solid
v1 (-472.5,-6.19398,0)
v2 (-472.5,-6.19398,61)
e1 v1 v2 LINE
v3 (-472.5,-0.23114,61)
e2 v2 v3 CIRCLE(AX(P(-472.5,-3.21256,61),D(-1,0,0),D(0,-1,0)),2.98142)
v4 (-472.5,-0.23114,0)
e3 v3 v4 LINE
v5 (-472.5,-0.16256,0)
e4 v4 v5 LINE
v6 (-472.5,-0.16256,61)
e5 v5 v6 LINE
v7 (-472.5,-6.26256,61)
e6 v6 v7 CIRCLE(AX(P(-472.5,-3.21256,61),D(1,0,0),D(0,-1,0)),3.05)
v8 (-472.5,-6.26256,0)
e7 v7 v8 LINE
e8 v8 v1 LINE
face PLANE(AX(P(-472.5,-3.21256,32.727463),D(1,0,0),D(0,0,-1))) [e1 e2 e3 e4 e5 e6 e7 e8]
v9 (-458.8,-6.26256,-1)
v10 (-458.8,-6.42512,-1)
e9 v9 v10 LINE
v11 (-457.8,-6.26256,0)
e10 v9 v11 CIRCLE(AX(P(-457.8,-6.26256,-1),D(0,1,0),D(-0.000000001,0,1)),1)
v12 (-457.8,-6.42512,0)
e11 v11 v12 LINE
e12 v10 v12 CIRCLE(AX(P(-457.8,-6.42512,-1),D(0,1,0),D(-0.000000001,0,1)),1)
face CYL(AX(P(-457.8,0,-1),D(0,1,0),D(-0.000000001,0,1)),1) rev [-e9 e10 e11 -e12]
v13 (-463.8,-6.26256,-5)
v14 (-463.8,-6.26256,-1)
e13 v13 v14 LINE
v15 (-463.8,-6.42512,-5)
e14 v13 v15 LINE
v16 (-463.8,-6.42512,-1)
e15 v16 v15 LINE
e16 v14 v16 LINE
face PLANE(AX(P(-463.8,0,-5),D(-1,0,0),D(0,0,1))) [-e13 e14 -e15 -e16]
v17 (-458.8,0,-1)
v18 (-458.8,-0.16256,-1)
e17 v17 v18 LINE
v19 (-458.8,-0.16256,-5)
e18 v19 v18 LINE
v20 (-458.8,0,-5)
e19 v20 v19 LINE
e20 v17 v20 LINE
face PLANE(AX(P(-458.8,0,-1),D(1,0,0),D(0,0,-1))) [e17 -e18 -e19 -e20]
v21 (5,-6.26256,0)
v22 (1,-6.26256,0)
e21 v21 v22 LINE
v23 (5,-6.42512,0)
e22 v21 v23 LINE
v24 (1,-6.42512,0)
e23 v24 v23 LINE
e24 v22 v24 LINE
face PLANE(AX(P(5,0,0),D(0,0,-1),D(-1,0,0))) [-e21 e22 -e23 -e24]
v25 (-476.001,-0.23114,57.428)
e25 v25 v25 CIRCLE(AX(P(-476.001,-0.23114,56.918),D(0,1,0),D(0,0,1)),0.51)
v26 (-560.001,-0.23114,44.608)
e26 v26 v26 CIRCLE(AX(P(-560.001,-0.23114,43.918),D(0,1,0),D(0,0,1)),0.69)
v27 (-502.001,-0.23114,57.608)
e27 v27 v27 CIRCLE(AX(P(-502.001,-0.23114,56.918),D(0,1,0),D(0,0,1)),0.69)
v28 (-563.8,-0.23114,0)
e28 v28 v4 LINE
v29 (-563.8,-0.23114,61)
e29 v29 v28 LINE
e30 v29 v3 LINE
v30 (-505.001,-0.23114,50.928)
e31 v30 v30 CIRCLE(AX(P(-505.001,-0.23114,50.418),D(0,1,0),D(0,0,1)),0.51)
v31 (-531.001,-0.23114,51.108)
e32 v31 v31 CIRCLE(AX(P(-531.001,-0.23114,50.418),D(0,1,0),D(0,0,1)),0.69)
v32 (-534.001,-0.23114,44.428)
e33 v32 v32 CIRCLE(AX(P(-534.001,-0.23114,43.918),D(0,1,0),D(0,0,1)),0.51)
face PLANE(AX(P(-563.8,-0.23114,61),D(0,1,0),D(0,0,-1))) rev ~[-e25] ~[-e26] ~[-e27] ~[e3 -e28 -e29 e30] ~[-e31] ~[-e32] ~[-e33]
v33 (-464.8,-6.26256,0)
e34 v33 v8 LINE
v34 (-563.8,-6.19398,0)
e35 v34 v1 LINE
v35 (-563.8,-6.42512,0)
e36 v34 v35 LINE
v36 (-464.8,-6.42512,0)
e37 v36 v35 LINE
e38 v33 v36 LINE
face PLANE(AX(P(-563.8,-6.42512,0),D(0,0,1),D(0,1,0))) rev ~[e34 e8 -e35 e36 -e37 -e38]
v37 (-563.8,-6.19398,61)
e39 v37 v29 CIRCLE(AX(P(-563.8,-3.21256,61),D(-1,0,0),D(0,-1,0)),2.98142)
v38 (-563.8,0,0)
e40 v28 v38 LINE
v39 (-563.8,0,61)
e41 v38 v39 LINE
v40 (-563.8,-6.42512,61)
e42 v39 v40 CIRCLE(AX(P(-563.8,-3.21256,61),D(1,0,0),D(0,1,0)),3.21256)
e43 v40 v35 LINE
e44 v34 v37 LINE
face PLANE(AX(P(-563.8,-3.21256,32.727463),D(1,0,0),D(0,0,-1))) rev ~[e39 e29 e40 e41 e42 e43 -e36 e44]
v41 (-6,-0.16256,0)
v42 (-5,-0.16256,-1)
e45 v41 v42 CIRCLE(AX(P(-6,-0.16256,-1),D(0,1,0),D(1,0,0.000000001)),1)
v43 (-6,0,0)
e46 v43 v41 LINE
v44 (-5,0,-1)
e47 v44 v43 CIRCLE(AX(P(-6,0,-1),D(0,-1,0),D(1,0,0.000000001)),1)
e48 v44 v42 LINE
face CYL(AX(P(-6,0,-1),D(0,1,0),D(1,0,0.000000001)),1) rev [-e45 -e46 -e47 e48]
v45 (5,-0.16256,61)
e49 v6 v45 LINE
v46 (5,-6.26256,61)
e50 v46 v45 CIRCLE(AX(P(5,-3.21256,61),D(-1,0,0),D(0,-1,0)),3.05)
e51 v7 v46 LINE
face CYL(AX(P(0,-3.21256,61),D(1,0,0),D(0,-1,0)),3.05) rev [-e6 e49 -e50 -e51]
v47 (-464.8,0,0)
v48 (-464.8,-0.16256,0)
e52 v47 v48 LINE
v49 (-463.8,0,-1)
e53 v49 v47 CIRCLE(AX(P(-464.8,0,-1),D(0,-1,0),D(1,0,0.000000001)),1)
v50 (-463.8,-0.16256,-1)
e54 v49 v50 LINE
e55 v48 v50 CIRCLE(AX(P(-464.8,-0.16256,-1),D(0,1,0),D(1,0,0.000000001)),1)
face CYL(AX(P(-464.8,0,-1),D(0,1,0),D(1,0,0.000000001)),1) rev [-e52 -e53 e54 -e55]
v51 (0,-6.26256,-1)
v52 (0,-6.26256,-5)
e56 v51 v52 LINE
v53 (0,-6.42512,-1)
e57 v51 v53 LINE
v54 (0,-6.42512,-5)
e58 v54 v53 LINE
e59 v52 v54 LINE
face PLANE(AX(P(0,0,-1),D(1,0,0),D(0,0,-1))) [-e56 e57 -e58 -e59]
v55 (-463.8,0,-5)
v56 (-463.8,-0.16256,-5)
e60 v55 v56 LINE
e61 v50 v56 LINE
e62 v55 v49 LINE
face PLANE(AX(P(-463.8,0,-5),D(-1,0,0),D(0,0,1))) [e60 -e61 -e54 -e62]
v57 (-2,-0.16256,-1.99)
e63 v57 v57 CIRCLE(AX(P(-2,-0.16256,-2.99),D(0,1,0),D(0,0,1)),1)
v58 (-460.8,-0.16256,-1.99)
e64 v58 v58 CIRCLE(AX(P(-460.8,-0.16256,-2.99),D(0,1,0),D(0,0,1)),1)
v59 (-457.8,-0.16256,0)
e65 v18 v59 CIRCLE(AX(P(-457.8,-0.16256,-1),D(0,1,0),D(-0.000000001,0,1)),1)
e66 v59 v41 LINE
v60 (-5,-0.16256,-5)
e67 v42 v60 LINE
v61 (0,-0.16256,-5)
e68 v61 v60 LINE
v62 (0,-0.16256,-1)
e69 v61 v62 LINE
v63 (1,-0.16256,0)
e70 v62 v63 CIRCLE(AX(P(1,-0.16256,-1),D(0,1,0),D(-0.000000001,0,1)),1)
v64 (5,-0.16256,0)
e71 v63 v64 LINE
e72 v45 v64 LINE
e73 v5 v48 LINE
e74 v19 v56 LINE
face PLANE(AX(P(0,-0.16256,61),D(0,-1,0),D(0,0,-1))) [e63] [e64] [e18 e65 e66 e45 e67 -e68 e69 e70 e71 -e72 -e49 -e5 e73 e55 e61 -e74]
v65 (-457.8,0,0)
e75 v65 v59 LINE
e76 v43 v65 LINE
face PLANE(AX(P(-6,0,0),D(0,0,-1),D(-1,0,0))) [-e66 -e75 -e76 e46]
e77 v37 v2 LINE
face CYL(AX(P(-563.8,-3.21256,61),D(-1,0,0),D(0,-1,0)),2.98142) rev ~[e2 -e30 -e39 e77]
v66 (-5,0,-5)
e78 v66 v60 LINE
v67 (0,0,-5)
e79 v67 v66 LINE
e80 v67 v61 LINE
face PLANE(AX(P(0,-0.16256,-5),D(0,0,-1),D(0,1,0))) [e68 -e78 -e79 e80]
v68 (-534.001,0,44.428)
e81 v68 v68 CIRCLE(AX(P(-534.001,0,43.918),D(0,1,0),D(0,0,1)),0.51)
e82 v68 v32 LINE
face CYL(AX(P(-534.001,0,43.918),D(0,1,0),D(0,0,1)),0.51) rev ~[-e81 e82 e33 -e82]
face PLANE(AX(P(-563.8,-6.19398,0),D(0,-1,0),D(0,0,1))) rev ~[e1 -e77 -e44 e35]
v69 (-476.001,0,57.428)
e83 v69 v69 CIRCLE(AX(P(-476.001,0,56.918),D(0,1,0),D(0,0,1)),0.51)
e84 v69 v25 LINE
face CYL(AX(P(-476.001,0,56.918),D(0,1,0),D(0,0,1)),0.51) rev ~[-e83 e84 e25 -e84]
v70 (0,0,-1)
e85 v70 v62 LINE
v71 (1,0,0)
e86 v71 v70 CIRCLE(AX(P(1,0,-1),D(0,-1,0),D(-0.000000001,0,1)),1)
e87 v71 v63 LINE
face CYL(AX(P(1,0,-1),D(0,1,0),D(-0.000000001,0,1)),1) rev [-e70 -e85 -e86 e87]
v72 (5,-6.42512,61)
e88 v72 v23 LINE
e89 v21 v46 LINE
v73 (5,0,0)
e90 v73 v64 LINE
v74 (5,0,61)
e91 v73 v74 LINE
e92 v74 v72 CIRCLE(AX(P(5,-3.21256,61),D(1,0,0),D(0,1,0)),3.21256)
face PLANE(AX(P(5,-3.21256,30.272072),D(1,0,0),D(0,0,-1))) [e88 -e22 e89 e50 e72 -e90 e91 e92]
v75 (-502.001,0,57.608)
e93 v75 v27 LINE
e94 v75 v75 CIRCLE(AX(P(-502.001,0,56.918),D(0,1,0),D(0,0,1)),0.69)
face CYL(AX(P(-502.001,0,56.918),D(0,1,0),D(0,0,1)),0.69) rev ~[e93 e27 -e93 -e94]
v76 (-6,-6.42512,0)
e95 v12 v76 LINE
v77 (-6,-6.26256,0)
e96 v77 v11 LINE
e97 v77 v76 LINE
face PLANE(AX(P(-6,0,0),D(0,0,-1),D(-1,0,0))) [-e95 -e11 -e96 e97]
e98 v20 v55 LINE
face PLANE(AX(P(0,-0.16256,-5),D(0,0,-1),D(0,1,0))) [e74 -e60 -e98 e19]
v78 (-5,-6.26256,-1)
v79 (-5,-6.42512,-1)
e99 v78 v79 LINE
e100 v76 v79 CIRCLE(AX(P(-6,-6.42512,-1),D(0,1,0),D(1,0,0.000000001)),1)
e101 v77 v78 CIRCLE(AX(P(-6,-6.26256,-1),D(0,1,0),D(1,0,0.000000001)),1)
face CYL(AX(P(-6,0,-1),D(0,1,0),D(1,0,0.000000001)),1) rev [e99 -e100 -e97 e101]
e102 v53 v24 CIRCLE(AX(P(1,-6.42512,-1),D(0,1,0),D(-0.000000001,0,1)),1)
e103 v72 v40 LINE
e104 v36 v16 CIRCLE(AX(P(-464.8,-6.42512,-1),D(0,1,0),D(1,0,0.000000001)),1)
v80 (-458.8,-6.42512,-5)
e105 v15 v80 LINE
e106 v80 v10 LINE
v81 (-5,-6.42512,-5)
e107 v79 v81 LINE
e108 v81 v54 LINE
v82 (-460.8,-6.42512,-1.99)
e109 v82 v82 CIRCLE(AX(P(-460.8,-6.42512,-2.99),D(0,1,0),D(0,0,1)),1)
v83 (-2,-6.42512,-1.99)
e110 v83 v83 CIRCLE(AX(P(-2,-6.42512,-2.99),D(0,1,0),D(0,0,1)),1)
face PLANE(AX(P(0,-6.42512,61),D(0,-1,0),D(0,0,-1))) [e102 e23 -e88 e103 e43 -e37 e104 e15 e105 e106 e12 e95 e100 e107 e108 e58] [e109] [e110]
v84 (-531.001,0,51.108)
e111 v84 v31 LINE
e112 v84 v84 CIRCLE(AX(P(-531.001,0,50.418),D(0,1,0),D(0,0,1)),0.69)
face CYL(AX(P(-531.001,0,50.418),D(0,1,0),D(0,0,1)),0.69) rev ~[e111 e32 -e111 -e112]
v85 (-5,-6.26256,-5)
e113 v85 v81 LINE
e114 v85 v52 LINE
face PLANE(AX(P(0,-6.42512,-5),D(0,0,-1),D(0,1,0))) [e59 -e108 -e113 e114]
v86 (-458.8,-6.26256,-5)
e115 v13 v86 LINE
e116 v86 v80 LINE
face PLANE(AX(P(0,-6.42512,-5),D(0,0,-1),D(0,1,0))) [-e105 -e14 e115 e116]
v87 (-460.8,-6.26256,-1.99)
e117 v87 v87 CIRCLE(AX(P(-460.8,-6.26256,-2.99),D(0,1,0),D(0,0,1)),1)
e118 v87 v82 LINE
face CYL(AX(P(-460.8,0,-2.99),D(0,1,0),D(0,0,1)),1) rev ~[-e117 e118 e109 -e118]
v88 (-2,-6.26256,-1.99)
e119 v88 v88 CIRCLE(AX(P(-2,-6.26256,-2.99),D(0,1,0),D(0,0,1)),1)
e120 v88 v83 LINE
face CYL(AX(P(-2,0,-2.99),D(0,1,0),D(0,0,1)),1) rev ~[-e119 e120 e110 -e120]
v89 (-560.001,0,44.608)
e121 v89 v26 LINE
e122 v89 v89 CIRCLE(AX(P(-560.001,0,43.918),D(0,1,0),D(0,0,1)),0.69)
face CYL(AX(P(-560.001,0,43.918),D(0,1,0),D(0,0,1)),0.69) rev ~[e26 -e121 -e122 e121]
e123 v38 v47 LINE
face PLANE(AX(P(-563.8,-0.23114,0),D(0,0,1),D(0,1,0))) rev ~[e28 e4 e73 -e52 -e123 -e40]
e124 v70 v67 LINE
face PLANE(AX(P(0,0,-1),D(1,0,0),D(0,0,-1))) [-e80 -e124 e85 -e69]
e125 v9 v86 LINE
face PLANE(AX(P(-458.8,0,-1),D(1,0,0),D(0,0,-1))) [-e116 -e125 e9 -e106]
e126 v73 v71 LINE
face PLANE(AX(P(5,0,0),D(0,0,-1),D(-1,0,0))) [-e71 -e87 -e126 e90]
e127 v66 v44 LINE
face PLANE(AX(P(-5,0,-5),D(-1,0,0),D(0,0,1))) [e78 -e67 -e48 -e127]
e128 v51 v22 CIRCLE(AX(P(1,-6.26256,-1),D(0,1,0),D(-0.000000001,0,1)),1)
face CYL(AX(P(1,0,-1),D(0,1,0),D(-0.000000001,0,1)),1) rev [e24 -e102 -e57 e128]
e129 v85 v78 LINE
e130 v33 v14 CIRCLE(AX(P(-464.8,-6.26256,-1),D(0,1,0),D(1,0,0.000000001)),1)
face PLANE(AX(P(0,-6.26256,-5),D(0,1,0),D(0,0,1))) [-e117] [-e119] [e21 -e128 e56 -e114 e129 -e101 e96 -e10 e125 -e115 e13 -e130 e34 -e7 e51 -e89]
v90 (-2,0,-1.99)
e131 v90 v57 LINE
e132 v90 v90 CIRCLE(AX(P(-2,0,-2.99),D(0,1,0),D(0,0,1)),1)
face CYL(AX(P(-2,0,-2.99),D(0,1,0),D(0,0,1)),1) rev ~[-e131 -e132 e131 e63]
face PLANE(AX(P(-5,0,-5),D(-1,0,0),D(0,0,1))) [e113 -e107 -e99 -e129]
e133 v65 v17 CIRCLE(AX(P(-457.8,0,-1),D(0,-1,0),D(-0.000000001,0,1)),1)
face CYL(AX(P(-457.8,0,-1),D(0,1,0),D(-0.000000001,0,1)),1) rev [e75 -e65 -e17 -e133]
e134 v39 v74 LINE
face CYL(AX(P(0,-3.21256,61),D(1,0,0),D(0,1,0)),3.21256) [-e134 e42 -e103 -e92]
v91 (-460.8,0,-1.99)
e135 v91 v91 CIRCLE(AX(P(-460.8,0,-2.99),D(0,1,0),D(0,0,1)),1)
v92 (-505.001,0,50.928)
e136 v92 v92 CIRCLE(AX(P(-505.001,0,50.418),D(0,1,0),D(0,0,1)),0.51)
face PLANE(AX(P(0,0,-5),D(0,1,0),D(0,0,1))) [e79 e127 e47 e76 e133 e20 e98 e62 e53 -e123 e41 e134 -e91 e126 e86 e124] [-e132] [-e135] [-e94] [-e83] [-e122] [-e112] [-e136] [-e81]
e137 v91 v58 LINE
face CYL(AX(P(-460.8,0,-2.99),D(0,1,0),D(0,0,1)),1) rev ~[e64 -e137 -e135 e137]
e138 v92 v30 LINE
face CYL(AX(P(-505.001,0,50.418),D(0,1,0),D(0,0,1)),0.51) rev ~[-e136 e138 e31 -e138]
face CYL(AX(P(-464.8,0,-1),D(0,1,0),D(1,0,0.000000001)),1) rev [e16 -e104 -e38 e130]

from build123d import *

# Parameters (mm, degrees)
BOSS_EXTRUDE1_DEPTH      = 5
BOSS_EXTRUDE1_DEPTH_BACK = 563.8
CUT_EXTRUDE1_DEPTH       = 7.42512
BOSS_EXTRUDE2_DEPTH      = 91.3
SKETCH4_R                = 0.69
SKETCH4_R_2              = 0.51
CUT_EXTRUDE2_DEPTH       = 2
SKETCH5_R                = 1
CUT_EXTRUDE3_DEPTH       = 7.42512


with BuildPart() as part:
    # Sketch1 → Boss-Extrude1 (new body, two sides)
    with BuildSketch(Plane(origin=(0, 0, 0), x_dir=(0, 0, -1), z_dir=(1, 0, 0))) as boss_extrude1_sk:
        with BuildLine():
            Line((0, 0), (-61, 0))
            ThreePointArc((-61, 0), (-64.21256, -3.21256), (-61, -6.42512))
            Line((-61, -6.42512), (0, -6.42512))
            Line((0, -6.42512), (5, -6.42512))
            Line((5, -6.42512), (5, -6.26256))
            Line((5, -6.26256), (-61, -6.26256))
            ThreePointArc((-61, -6.26256), (-64.05, -3.21256), (-61, -0.16256))
            Line((-61, -0.16256), (5, -0.16256))
            Line((5, -0.16256), (5, 0))
            Line((5, 0), (0, 0))
        make_face()
    extrude(amount=BOSS_EXTRUDE1_DEPTH)
    extrude(boss_extrude1_sk.sketch, amount=-BOSS_EXTRUDE1_DEPTH_BACK)

    # Sketch2 → Cut-Extrude1 (cut, through all)
    with BuildSketch(Plane(origin=(0, 0, 0), x_dir=(1, 0, 0), z_dir=(0, 1, 0))):
        with BuildLine():
            Line((5, 0), (1, 0))
            ThreePointArc((1, 0), (0.292893219, 0.292893219), (0, 1))
            Line((0, 1), (0, 5))
            Line((0, 5), (-5, 5))
            Line((-5, 5), (-5, 1))
            ThreePointArc((-5, 1), (-5.292893219, 0.292893219), (-6, 0))
            Line((-6, 0), (-457.8, 0))
            ThreePointArc((-457.8, 0), (-458.507106781, 0.292893219), (-458.8, 1))
            Line((-458.8, 1), (-458.8, 5))
            Line((-458.8, 5), (-463.8, 5))
            Line((-463.8, 5), (-463.8, 1))
            ThreePointArc((-463.8, 1), (-464.092893219, 0.292893219), (-464.8, 0))
            Line((-464.8, 0), (-563.8, 0))
            Line((-563.8, 0), (-563.8, 10))
            Line((-563.8, 10), (5, 10))
            Line((5, 10), (5, 0))
        make_face()
    extrude(amount=-CUT_EXTRUDE1_DEPTH, mode=Mode.SUBTRACT)

    # Sketch3 → Boss-Extrude2 (add)
    with BuildSketch(Plane.ZY.offset(563.8)):
        with BuildLine():
            Line((61, -0.23114), (0, -0.23114))
            Line((0, -0.23114), (0, 0))
            Line((0, 0), (61, 0))
            ThreePointArc((61, 0), (64.21256, -3.21256), (61, -6.42512))
            Line((61, -6.42512), (0, -6.42512))
            Line((0, -6.42512), (0, -6.19398))
            Line((0, -6.19398), (61, -6.19398))
            ThreePointArc((61, -6.19398), (63.98142, -3.21256), (61, -0.23114))
        make_face()
    extrude(amount=-BOSS_EXTRUDE2_DEPTH)

    # Sketch4 → Cut-Extrude2 (cut)
    with BuildSketch(Plane(origin=(0, 0, 0), x_dir=(1, 0, 0), z_dir=(0, 1, 0))):
        with Locations(Location((-560.001, -43.918, 0), (0, 0, 270))):  # turned: the seam where the file's is
            Circle(SKETCH4_R)
        with Locations(Location((-534.001, -43.918, 0), (0, 0, 270))):  # turned: the seam where the file's is
            Circle(SKETCH4_R_2)
        with Locations(Location((-531.001, -50.418, 0), (0, 0, 270))):  # turned: the seam where the file's is
            Circle(SKETCH4_R)
        with Locations(Location((-505.001, -50.418, 0), (0, 0, 270))):  # turned: the seam where the file's is
            Circle(SKETCH4_R_2)
        with Locations(Location((-502.001, -56.918, 0), (0, 0, 270))):  # turned: the seam where the file's is
            Circle(SKETCH4_R)
        with Locations(Location((-476.001, -56.918, 0), (0, 0, 270))):  # turned: the seam where the file's is
            Circle(SKETCH4_R_2)
    extrude(amount=-CUT_EXTRUDE2_DEPTH, mode=Mode.SUBTRACT)

    # Sketch5 → Cut-Extrude3 (cut, through all)
    with BuildSketch(Plane(origin=(0, 0, 0), x_dir=(1, 0, 0), z_dir=(0, 1, 0))):
        with Locations(Location((-460.8, 2.99, 0), (0, 0, 270))):  # turned: the seam where the file's is
            Circle(SKETCH5_R)
        with Locations(Location((-2, 2.99, 0), (0, 0, 270))):  # turned: the seam where the file's is
            Circle(SKETCH5_R)
    extrude(amount=-CUT_EXTRUDE3_DEPTH, mode=Mode.SUBTRACT)


solid = part.part
